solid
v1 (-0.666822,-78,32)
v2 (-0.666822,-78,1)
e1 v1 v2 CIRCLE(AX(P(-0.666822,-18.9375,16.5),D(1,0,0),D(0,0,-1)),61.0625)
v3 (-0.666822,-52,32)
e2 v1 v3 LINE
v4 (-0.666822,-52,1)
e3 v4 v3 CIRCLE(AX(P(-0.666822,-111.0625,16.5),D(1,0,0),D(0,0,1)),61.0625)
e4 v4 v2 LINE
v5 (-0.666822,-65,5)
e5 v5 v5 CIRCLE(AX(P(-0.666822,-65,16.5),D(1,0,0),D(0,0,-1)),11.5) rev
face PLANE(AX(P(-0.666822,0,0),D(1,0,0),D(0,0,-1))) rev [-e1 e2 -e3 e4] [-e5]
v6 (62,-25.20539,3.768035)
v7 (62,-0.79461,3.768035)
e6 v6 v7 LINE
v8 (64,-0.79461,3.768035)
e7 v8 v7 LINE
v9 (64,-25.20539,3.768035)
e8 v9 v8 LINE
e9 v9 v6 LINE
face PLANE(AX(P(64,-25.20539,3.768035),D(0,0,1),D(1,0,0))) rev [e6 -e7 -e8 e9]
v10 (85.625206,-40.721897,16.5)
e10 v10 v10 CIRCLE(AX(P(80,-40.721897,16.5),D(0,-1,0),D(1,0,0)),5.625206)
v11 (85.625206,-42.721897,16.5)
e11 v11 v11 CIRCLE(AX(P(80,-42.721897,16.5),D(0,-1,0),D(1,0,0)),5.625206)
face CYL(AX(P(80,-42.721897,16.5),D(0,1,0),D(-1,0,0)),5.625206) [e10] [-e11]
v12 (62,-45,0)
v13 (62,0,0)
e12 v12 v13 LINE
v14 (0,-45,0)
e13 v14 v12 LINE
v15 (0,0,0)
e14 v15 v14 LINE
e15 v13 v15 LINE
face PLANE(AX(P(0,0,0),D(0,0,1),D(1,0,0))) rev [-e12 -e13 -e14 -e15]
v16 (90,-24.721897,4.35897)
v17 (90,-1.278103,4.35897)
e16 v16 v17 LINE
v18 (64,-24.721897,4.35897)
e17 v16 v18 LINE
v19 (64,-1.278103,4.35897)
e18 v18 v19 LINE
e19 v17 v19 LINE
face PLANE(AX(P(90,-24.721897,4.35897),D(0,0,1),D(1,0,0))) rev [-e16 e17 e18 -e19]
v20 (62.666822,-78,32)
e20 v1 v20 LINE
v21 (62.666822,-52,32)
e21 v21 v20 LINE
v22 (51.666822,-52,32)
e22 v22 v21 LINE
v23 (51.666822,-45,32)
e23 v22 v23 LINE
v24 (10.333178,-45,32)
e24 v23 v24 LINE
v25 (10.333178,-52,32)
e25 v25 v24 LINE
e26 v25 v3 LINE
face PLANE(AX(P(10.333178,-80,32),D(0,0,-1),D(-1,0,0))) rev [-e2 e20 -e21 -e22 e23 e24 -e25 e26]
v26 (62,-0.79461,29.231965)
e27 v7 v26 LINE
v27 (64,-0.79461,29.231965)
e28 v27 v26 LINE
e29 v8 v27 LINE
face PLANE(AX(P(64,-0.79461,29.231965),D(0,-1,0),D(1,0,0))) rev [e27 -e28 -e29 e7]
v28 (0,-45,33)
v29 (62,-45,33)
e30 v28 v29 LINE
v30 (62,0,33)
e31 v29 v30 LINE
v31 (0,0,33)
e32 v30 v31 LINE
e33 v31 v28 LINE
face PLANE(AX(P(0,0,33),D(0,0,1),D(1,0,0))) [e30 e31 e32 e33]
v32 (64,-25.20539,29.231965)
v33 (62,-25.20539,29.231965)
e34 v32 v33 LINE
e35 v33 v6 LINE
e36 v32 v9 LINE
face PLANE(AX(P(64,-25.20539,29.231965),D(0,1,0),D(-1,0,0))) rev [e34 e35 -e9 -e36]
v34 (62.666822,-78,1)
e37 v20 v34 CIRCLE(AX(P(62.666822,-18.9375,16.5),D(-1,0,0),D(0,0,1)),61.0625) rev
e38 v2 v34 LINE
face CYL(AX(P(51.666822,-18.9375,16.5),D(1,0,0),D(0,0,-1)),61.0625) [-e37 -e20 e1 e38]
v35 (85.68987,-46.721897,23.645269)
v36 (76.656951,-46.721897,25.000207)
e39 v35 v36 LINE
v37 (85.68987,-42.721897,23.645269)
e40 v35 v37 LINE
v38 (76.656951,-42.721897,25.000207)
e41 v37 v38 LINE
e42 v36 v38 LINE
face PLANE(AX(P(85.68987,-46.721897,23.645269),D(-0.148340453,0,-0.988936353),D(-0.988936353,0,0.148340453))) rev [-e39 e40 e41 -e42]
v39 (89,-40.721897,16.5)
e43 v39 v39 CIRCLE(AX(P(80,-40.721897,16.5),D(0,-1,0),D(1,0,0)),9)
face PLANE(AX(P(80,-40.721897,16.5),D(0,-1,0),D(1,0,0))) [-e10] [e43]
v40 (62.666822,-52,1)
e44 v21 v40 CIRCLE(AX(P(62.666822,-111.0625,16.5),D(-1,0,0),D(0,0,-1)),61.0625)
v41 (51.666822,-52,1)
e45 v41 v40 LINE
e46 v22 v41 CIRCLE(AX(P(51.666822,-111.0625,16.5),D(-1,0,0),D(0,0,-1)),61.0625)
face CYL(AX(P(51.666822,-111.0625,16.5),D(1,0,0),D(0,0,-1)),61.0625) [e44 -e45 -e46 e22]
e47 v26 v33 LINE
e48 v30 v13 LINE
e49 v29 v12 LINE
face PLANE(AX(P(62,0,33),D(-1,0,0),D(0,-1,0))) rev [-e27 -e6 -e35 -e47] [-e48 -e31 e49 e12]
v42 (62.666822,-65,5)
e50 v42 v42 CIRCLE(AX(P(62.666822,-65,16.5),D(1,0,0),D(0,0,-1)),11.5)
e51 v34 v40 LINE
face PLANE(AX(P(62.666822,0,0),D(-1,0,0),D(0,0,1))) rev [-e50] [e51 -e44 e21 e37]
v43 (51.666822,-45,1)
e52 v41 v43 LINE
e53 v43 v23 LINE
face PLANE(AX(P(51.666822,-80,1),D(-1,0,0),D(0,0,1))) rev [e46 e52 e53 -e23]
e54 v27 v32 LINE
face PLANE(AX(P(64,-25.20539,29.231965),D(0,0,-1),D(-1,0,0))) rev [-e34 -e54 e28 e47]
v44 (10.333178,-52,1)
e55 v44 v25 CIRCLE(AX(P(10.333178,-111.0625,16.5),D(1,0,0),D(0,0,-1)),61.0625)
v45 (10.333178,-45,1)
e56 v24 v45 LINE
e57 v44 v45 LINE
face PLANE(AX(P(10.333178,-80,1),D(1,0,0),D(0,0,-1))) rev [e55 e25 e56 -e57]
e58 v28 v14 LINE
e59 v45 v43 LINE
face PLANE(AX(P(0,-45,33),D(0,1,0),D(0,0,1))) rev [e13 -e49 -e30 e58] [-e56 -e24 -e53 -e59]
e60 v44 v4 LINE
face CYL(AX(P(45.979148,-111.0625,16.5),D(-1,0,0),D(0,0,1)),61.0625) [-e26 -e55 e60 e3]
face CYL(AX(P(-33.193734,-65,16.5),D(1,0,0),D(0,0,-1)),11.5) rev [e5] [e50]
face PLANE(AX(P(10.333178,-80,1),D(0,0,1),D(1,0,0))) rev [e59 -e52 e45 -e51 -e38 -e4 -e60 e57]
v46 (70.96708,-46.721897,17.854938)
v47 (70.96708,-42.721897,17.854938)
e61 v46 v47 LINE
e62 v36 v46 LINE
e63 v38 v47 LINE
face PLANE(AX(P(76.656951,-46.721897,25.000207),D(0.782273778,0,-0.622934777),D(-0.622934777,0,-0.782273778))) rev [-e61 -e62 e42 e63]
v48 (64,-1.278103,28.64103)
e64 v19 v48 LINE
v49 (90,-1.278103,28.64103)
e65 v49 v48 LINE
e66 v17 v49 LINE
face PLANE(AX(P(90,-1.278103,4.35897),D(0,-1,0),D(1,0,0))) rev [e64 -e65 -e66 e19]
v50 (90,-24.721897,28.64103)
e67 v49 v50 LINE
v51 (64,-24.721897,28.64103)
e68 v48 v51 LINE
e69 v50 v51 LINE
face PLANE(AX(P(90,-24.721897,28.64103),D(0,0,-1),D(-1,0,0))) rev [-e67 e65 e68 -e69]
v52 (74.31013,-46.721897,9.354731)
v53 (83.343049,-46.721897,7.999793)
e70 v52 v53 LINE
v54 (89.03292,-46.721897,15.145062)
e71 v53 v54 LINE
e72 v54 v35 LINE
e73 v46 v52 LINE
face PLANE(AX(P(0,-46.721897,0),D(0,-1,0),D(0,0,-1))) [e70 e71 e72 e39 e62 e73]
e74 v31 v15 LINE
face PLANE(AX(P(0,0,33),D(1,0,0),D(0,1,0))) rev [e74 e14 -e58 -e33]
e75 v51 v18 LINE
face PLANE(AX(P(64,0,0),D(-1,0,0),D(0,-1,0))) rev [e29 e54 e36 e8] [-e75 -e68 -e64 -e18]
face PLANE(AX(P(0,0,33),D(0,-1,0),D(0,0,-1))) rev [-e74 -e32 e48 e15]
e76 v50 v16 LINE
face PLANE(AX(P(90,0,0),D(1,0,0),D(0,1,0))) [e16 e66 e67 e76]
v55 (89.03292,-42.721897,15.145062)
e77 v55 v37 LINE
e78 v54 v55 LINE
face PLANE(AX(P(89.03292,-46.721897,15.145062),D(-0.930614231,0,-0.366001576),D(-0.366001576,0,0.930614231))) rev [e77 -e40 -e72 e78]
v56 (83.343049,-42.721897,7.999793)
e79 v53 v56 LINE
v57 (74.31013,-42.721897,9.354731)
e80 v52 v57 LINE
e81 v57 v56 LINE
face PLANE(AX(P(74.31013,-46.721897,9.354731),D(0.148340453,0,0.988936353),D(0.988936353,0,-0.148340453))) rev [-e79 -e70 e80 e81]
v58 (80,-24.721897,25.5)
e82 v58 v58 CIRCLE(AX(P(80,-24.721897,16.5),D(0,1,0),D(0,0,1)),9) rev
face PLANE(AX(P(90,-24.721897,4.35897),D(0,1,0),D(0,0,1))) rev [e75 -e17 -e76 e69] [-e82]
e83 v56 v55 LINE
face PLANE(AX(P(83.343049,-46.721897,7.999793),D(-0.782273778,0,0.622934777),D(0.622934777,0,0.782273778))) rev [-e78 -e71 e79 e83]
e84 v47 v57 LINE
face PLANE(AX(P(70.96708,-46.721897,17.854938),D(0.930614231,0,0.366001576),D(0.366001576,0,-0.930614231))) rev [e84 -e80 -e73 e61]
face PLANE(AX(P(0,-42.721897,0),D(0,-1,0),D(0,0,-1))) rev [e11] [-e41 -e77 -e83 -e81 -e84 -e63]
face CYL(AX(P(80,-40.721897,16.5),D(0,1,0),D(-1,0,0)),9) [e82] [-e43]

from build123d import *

# Parameters (mm, degrees)
CROQUIS1_W               = 62
CROQUIS1_H               = 45
SALIENTE_EXTRUIR1_DEPTH  = 33
CROQUIS2_W               = 25.463929144
CROQUIS2_H               = 24.410779192
SALIENTE_EXTRUIR2_DEPTH  = 2
CROQUIS3_W               = 24.282059014
CROQUIS3_H               = 23.443794542
SALIENTE_EXTRUIR3_DEPTH  = 26
CROQUIS5_W               = 41.33364391
CROQUIS5_H               = 31
SALIENTE_EXTRUIR5_DEPTH  = 35
CROQUIS6_W               = 31
CROQUIS6_H               = 30
SALIENTE_EXTRUIR6_DEPTH  = 11
CROQUIS7_W               = 31
CROQUIS7_H               = 30
SALIENTE_EXTRUIR7_DEPTH  = 11
CORTAR_EXTRUIR1_DEPTH    = 11
CORTAR_EXTRUIR2_DEPTH    = 52.33364391
CORTAR_EXTRUIR3_START    = -11
CORTAR_EXTRUIR3_DEPTH    = 11
CROQUIS17_R              = 9
SALIENTE_EXTRUIR8_DEPTH  = 16
CROQUIS18_R              = 5.625205596
SALIENTE_EXTRUIR9_DEPTH  = 2
SALIENTE_EXTRUIR10_DEPTH = 4
CROQUIS20_R              = 11.5
CORTAR_EXTRUIR6_DEPTH    = 63.33364391


with BuildPart() as part:
    # Croquis1 → Saliente-Extruir1 (new body)
    with BuildSketch(Plane.XY):
        with Locations((31, -22.5)):
            Rectangle(CROQUIS1_W, CROQUIS1_H)
    extrude(amount=SALIENTE_EXTRUIR1_DEPTH)

    # Croquis2 → Saliente-Extruir2 (add)
    with BuildSketch(Plane(origin=(62, 0, 0), x_dir=(0, 0, -1), z_dir=(1, 0, 0))):
        with Locations((-16.5, -13)):
            Rectangle(CROQUIS2_W, CROQUIS2_H)
    extrude(amount=SALIENTE_EXTRUIR2_DEPTH)

    # Croquis3 → Saliente-Extruir3 (add)
    with BuildSketch(Plane(origin=(64, 0, 0), x_dir=(0, 0, -1), z_dir=(1, 0, 0))):
        with Locations((-16.5, -13)):
            Rectangle(CROQUIS3_W, CROQUIS3_H)
    extrude(amount=SALIENTE_EXTRUIR3_DEPTH)

    # Croquis5 → Saliente-Extruir5 (add)
    with BuildSketch(Plane.XZ.offset(45)):
        with Locations((31, 16.5)):
            Rectangle(CROQUIS5_W, CROQUIS5_H)
    extrude(amount=SALIENTE_EXTRUIR5_DEPTH)

    # Croquis6 → Saliente-Extruir6 (add)
    with BuildSketch(Plane(origin=(51.666821955, 0, 0), x_dir=(0, 0, -1), z_dir=(1, 0, 0))):
        with Locations((-16.5, -65)):
            Rectangle(CROQUIS6_W, CROQUIS6_H)
    extrude(amount=SALIENTE_EXTRUIR6_DEPTH)

    # Croquis7 → Saliente-Extruir7 (add)
    with BuildSketch(Plane.ZY.offset(-10.333178045)):
        with Locations((16.5, -65)):
            Rectangle(CROQUIS7_W, CROQUIS7_H)
    extrude(amount=SALIENTE_EXTRUIR7_DEPTH)

    # Croquis8 → Cortar-Extruir1 (cut)
    with BuildSketch(Plane(origin=(62.666821955, 0, 0), x_dir=(0, 0, -1), z_dir=(1, 0, 0))):
        with BuildLine():
            Line((-32, -80), (-32, -78))
            ThreePointArc((-32, -78), (-16.5, -80), (-1, -78))
            Line((-1, -78), (0.928970142, -80.475031326))
            Line((0.928970142, -80.475031326), (-0.274135128, -81.99339903))
            Line((-0.274135128, -81.99339903), (-8.695872018, -84.279445288))
            Line((-8.695872018, -84.279445288), (-24.986567701, -83.98679806))
            Line((-24.986567701, -83.98679806), (-32, -80))
        make_face()
        with BuildLine():
            Line((-32, -52), (-33.723093641, -49.93126323))
            Line((-33.723093641, -49.93126323), (-34.225322301, -47.788491738))
            Line((-34.225322301, -47.788491738), (-30.90530883, -47.311645213))
            Line((-30.90530883, -47.311645213), (-17.951536569, -46.72536261))
            Line((-17.951536569, -46.72536261), (-10.133210988, -47.311645213))
            Line((-10.133210988, -47.311645213), (0, -48.071517035))
            Line((0, -48.071517035), (0, -49))
            Line((0, -49), (-1, -52))
            ThreePointArc((-1, -52), (-16.5, -50), (-32, -52))
        make_face()
    extrude(amount=-CORTAR_EXTRUIR1_DEPTH, mode=Mode.SUBTRACT)

    # Croquis9 → Cortar-Extruir2 (cut)
    with BuildSketch(Plane(origin=(51.666821955, 0, 0), x_dir=(0, 0, -1), z_dir=(1, 0, 0))):
        with BuildLine():
            Line((-32, -78), (-33.497607454, -80))
            Line((-33.497607454, -80), (-33.497607454, -82.886987671))
            Line((-33.497607454, -82.886987671), (-32, -84.384595125))
            Line((-32, -84.384595125), (-22.575228316, -85.712467989))
            Line((-22.575228316, -85.712467989), (-14.351815451, -85.712467989))
            Line((-14.351815451, -85.712467989), (-8.532169423, -85.048531557))
            Line((-8.532169423, -85.048531557), (-1, -84.384595125))
            Line((-1, -84.384595125), (0.769167017, -82.615428108))
            Line((0.769167017, -82.615428108), (1.462440059, -80.483220833))
            Line((1.462440059, -80.483220833), (1.462440059, -79))
            Line((1.462440059, -79), (-1, -78))
            ThreePointArc((-1, -78), (-16.5, -80), (-32, -78))
        make_face()
    extrude(amount=-CORTAR_EXTRUIR2_DEPTH, mode=Mode.SUBTRACT)

    # Croquis10 → Cortar-Extruir3 (cut)
    with BuildSketch(Plane.ZY.offset(0.666821955).offset(CORTAR_EXTRUIR3_START)):
        with BuildLine():
            Line((32, -52), (34.151499122, -49.263012271))
            Line((34.151499122, -49.263012271), (33.075749561, -47.196000203))
            Line((33.075749561, -47.196000203), (22.583484216, -46.688313029))
            Line((22.583484216, -46.688313029), (7.099025391, -47.631160639))
            Line((7.099025391, -47.631160639), (-1.096496141, -48.229506237))
            Line((-1.096496141, -48.229506237), (1, -52))
            ThreePointArc((1, -52), (16.5, -50), (32, -52))
        make_face()
    extrude(amount=CORTAR_EXTRUIR3_DEPTH, mode=Mode.SUBTRACT)

    # Croquis17 → Saliente-Extruir8 (add)
    with BuildSketch(Plane.XZ.offset(24.721897271)):
        with Locations(Location((80, 16.5, 0), (0, 0, 90))):
            Circle(CROQUIS17_R)
    extrude(amount=SALIENTE_EXTRUIR8_DEPTH)

    # Croquis18 → Saliente-Extruir9 (add)
    with BuildSketch(Plane.XZ.offset(40.721897271)):
        with Locations((80, 16.5)):
            Circle(CROQUIS18_R)
    extrude(amount=SALIENTE_EXTRUIR9_DEPTH)

    # Croquis19 → Saliente-Extruir10 (add)
    with BuildSketch(Plane.XZ.offset(42.721897271)):
        Polygon((89.032919524, 15.145062071), (85.689870429, 23.645268814), (76.656950905, 25.000206743), (70.967080476, 17.854937929), (74.310129571, 9.354731186), (83.343049095, 7.999793257), align=None)
    extrude(amount=SALIENTE_EXTRUIR10_DEPTH)

    # Croquis20 → Cortar-Extruir6 (cut)
    with BuildSketch(Plane(origin=(62.666821955, 0, 0), x_dir=(0, 0, -1), z_dir=(1, 0, 0))):
        with Locations((-16.5, -65)):
            Circle(CROQUIS20_R)
    extrude(amount=-CORTAR_EXTRUIR6_DEPTH, mode=Mode.SUBTRACT)


solid = part.part
